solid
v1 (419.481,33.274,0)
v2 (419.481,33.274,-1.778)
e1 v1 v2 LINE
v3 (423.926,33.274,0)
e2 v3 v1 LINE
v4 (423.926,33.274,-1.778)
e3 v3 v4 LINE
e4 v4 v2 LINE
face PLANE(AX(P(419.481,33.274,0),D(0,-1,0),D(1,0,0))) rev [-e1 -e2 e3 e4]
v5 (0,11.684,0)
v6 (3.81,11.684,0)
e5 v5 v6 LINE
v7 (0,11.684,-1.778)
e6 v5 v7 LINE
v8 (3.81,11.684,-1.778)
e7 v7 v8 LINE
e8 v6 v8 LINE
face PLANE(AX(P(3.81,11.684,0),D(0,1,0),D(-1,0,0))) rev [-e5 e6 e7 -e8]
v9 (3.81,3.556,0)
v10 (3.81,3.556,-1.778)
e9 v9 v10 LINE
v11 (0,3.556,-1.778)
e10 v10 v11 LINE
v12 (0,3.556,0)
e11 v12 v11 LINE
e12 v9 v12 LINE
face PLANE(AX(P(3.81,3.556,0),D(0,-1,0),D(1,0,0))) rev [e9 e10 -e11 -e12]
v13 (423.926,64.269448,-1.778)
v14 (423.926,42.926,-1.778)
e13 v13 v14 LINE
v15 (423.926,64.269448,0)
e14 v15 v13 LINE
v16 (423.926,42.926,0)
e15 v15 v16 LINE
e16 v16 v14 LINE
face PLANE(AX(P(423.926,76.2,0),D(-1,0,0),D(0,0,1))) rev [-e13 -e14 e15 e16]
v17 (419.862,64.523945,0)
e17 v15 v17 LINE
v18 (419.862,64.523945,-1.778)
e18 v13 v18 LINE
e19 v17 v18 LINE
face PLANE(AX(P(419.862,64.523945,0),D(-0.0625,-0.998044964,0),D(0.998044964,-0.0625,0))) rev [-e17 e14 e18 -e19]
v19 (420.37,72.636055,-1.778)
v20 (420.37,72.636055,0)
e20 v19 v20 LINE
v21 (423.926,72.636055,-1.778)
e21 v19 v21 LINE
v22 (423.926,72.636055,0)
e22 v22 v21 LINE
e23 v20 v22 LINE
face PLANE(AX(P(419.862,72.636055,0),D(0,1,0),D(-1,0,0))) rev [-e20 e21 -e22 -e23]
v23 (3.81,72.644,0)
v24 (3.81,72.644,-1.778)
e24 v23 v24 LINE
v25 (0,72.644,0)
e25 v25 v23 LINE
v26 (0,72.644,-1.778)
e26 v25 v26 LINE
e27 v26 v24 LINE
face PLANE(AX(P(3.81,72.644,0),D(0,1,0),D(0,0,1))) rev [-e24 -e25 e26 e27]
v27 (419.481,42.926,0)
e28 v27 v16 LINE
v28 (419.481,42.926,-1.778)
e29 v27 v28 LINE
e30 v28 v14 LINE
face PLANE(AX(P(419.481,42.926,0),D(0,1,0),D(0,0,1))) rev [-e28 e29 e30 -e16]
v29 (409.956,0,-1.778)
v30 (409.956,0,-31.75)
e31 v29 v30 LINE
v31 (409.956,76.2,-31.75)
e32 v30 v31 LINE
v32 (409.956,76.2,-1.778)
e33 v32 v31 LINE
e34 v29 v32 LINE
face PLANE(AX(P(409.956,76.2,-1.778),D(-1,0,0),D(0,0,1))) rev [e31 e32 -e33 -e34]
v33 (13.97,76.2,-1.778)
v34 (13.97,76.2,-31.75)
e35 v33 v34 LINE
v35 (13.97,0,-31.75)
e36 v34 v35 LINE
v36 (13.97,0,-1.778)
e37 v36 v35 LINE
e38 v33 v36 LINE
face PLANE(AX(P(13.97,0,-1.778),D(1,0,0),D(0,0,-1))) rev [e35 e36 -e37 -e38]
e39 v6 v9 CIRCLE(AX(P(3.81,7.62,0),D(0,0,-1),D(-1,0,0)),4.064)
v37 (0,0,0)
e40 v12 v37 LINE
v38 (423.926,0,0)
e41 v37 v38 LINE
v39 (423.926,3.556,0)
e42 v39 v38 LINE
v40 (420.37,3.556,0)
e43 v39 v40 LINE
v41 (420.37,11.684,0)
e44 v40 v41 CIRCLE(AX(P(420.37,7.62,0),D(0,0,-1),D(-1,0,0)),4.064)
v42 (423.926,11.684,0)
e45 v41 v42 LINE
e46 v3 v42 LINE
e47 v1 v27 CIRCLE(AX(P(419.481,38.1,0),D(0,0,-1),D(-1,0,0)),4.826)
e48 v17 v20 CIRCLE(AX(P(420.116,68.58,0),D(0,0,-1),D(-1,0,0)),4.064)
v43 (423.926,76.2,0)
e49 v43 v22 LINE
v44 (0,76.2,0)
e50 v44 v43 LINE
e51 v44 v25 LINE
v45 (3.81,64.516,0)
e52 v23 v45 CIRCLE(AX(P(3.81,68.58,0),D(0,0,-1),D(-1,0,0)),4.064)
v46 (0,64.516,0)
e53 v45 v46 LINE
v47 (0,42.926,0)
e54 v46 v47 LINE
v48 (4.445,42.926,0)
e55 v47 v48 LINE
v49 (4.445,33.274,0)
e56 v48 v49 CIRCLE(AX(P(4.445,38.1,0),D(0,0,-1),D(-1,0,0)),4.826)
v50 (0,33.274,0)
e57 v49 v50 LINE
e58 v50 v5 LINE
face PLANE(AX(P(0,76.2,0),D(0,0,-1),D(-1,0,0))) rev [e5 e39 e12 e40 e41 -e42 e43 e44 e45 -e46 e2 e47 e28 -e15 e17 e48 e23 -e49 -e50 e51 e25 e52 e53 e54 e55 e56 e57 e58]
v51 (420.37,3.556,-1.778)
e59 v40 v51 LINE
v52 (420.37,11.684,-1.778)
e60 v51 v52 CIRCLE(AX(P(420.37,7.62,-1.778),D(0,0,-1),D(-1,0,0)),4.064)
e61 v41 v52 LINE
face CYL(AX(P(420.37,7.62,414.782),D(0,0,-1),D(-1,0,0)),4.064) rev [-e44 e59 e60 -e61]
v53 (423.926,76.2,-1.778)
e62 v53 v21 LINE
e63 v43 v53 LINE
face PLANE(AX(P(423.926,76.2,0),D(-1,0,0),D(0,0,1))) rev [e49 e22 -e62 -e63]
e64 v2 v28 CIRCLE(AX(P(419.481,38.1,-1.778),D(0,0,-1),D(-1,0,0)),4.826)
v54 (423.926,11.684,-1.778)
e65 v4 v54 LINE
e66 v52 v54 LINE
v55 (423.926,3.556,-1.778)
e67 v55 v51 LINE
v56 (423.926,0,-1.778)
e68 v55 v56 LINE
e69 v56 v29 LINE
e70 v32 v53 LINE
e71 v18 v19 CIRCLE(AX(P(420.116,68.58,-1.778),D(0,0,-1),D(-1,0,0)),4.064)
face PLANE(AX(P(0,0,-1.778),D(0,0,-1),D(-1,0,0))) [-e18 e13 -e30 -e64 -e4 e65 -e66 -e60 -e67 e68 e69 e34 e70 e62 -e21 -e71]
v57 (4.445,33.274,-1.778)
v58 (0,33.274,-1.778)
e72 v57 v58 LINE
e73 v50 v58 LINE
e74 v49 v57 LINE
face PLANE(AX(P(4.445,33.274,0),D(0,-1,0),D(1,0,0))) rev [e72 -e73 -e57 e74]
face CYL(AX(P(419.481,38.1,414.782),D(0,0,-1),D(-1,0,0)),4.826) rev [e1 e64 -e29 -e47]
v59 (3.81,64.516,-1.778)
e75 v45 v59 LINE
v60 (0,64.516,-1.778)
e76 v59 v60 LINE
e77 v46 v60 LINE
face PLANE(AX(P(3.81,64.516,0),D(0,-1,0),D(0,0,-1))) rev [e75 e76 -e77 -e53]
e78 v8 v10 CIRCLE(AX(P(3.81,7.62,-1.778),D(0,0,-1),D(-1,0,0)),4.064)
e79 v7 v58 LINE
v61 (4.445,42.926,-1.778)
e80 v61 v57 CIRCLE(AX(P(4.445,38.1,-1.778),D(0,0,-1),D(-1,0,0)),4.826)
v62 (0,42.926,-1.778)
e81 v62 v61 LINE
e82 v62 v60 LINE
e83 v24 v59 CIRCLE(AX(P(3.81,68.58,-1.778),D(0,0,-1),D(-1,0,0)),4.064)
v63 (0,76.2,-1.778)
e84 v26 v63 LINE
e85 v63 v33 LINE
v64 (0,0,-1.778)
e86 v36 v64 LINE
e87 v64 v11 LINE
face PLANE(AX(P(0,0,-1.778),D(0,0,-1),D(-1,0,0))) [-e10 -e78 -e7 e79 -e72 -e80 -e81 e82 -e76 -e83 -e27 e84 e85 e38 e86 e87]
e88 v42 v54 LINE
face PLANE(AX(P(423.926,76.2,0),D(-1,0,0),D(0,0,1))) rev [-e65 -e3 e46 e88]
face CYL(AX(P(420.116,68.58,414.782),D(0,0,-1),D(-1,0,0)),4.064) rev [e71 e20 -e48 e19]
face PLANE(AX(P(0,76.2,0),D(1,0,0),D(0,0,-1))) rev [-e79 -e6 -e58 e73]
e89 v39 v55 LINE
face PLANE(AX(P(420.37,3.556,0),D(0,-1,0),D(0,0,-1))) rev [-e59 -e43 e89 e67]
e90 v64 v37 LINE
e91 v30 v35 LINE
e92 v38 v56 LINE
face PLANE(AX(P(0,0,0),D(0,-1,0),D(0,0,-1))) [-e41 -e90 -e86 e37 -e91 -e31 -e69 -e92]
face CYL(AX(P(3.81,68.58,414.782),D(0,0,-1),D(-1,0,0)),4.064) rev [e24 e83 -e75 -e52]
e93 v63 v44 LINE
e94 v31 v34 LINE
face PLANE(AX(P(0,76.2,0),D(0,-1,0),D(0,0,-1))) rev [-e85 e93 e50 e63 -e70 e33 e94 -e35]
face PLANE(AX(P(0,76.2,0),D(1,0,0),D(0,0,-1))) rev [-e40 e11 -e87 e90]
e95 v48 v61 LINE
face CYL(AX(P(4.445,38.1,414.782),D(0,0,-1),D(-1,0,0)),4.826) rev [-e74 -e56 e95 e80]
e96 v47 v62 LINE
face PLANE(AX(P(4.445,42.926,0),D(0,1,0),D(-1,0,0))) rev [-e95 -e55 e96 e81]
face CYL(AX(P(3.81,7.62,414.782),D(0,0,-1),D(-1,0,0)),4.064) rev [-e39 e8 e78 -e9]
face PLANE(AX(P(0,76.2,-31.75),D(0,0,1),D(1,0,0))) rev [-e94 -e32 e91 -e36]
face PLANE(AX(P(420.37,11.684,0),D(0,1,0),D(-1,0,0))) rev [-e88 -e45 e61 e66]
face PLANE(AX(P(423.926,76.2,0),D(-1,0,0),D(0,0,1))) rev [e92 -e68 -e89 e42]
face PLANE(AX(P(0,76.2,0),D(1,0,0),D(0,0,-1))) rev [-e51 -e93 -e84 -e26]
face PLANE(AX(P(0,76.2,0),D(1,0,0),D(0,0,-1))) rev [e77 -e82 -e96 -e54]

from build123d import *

# Parameters (mm, degrees)
SKETCH1_W           = 423.926
SKETCH1_H           = 31.75
BOSS_EXTRUDE1_DEPTH = 76.2
SKETCH5_W           = 13.97
SKETCH5_H           = 76.2
CUT_EXTRUDE5_DEPTH  = 29.972
SKETCH6_R           = 4.064
SKETCH6_R_2         = 4.826
CUT_EXTRUDE6_DEPTH  = 416.56
CUT_EXTRUDE7_DEPTH  = 2.778


with BuildPart() as part:
    # Sketch1 → Boss-Extrude1 (new body)
    with BuildSketch(Plane(origin=(0, 0, 0), x_dir=(1, 0, 0), z_dir=(0, 1, 0))):
        with Locations((211.963, 15.875)):
            Rectangle(SKETCH1_W, SKETCH1_H)
    extrude(amount=BOSS_EXTRUDE1_DEPTH)

    # Sketch5 → Cut-Extrude5 (cut)
    with BuildSketch(Plane(origin=(0, 0, -31.75), x_dir=(-1, 0, 0), z_dir=(0, 0, -1))):
        with Locations((-416.941, 38.1)):
            Rectangle(SKETCH5_W, SKETCH5_H)
        with Locations((-6.985, 38.1)):
            Rectangle(SKETCH5_W, SKETCH5_H)
    extrude(amount=-CUT_EXTRUDE5_DEPTH, mode=Mode.SUBTRACT)

    # Sketch6 → Cut-Extrude6 (cut)
    with BuildSketch(Plane(origin=(0, 0, -1.778), x_dir=(-1, 0, 0), z_dir=(0, 0, -1))):
        with Locations((-3.81, 7.62)):
            Circle(SKETCH6_R)
        with Locations((-3.81, 68.58)):
            Circle(SKETCH6_R)
        with Locations((-4.445, 38.1)):
            Circle(SKETCH6_R_2)
        with Locations((-420.37, 7.62)):
            Circle(SKETCH6_R)
        with Locations((-420.116, 68.58)):
            Circle(SKETCH6_R)
        with Locations((-419.481, 38.1)):
            Circle(SKETCH6_R_2)
    extrude(amount=-CUT_EXTRUDE6_DEPTH, mode=Mode.SUBTRACT)

    # Sketch8 → Cut-Extrude7 (cut, through all)
    with BuildSketch(Plane(origin=(0, 0, -1.778), x_dir=(-1, 0, 0), z_dir=(0, 0, -1))):
        Polygon((-419.862, 72.636054733), (-423.926, 72.636054733), (-423.926, 69.994212148), align=None)
        Polygon((-419.862, 64.523945267), (-423.926, 64.269447715), (-423.926, 67.165787852), align=None)
        Polygon((-419.481, 42.926), (-423.926, 42.926), (-423.926, 39.979428371), align=None)
        Polygon((-419.481, 33.274), (-423.926, 33.274), (-423.926, 36.220571629), align=None)
        Polygon((-420.37, 11.684), (-423.926, 11.684), (-423.926, 9.58747554), align=None)
        Polygon((-420.37, 3.556), (-423.926, 3.556), (-423.926, 5.65252446), align=None)
        Polygon((-3.81, 72.644), (0, 72.644), (0, 69.994212148), align=None)
        Polygon((-3.81, 64.516), (0, 64.516), (0, 67.165787852), align=None)
        Polygon((-4.445, 42.926), (0, 42.926), (0, 39.979428371), align=None)
        Polygon((-4.445, 33.274), (0, 33.274), (0, 36.220571629), align=None)
        Polygon((-3.81, 11.684), (0, 11.684), (0, 9.034212148), align=None)
        Polygon((-3.81, 3.556), (0, 3.556), (0, 6.205787852), align=None)
    extrude(amount=-CUT_EXTRUDE7_DEPTH, mode=Mode.SUBTRACT)


solid = part.part
